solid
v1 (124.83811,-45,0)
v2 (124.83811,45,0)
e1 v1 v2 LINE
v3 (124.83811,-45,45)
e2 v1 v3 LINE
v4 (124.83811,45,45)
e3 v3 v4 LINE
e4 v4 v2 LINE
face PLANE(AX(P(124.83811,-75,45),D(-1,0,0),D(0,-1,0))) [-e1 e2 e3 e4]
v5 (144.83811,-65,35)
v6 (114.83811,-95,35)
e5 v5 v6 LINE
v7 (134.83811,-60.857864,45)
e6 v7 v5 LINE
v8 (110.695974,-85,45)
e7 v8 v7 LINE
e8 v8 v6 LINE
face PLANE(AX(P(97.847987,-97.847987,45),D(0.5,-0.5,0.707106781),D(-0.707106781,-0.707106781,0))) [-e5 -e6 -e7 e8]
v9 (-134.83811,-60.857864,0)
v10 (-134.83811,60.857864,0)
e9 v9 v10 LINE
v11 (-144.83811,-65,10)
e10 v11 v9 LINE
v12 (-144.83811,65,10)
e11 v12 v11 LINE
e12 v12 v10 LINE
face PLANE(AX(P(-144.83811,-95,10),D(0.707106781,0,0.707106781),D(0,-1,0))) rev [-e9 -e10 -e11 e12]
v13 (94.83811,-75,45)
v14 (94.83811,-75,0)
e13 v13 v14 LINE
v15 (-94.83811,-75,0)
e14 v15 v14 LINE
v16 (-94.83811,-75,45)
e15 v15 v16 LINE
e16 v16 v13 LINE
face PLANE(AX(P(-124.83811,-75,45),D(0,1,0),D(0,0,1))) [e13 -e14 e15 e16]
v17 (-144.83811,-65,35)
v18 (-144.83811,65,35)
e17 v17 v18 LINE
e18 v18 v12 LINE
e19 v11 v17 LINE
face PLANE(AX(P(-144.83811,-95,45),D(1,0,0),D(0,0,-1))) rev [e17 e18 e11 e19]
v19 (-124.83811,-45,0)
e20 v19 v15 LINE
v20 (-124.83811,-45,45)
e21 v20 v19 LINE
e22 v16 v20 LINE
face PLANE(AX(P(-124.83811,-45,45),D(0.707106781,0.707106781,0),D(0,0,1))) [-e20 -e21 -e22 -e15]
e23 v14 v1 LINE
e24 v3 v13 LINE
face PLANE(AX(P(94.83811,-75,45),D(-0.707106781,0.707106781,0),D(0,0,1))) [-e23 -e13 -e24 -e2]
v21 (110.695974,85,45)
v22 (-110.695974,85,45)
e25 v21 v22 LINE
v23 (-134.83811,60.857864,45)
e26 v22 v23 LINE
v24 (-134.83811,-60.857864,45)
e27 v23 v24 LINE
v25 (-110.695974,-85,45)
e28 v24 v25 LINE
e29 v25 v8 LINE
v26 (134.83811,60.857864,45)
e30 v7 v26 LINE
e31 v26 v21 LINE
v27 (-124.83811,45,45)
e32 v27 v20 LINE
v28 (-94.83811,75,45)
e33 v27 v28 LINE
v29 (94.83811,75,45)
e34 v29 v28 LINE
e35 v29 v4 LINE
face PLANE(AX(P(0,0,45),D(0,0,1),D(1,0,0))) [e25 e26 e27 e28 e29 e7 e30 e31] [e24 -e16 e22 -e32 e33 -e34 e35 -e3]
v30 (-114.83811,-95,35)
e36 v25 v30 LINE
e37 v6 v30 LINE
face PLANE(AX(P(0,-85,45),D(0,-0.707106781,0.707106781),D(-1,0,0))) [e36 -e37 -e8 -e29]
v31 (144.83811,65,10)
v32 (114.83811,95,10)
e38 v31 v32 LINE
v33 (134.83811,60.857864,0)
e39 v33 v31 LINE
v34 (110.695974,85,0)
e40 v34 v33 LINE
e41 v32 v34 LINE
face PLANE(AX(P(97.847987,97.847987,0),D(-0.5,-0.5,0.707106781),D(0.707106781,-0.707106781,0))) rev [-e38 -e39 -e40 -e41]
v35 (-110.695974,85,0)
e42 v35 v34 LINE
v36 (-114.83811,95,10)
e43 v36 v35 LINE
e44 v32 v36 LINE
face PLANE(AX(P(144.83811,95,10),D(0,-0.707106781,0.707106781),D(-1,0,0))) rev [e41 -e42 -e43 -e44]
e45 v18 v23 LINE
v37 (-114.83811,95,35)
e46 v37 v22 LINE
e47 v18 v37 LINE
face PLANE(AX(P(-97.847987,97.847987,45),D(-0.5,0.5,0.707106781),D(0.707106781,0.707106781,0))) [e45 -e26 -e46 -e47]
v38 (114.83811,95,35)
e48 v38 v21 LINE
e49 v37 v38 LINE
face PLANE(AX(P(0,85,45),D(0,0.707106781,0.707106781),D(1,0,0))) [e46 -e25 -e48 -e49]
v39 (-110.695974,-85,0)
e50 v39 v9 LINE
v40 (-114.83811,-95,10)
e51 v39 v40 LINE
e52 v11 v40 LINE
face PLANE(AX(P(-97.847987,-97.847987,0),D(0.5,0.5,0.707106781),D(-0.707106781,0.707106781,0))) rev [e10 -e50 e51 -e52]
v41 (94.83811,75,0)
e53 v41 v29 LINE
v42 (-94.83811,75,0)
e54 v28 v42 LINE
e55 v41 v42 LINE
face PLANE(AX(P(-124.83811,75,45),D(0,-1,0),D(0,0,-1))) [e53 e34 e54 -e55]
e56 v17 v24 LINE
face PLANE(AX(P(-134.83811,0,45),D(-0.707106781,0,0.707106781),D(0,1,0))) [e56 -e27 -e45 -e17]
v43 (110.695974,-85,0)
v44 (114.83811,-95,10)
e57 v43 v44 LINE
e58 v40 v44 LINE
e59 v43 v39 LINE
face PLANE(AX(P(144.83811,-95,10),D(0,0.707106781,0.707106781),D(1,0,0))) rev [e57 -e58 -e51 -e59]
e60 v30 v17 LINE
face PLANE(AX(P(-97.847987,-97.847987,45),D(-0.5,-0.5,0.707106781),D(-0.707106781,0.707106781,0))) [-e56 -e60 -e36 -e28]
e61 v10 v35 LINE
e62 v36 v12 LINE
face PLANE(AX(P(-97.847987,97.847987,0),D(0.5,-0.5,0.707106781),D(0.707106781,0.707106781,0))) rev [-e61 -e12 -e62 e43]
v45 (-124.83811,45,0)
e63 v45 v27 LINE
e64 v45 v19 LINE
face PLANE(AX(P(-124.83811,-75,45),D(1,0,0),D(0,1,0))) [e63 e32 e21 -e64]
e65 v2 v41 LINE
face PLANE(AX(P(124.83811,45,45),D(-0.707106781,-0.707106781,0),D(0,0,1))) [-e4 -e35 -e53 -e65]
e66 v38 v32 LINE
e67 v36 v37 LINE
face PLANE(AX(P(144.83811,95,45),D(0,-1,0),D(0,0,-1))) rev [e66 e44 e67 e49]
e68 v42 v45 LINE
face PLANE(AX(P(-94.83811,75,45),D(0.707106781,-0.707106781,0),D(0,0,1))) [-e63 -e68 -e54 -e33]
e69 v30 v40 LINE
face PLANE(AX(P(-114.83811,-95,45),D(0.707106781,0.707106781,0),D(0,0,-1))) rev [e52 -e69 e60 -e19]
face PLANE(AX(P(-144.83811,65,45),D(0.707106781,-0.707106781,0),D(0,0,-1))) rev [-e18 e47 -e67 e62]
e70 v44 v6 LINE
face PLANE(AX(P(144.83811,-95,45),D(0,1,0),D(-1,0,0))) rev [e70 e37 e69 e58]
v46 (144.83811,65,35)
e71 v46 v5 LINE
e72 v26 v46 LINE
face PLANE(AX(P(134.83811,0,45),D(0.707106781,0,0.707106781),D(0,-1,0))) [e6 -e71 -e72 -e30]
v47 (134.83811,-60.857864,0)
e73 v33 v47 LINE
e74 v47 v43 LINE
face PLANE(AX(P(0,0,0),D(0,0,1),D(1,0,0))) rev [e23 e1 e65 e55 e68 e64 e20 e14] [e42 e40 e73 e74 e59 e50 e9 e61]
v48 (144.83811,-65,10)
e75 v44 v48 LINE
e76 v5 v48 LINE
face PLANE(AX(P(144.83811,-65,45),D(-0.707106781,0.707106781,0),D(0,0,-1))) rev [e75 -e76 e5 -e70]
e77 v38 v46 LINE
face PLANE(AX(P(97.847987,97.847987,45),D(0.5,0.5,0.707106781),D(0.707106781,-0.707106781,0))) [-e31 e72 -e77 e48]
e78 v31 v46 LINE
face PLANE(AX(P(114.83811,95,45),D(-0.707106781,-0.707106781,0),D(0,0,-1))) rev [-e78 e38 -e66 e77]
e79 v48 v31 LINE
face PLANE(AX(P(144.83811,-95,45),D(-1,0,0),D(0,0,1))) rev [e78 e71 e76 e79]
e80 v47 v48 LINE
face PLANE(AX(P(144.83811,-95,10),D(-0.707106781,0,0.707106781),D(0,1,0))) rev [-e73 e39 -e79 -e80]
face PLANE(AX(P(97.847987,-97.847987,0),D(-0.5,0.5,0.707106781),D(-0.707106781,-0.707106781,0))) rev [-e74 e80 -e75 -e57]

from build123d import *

# Parameters (mm, degrees)
ESBO_O1_W                = 289.676219128
ESBO_O1_H                = 190
ESBO_O1_W_2              = 249.676219128
ESBO_O1_H_2              = 150
RESSALTO_EXTRUS_O1_DEPTH = 45
CHANFRO1_SIZE            = 30
CHANFRO2_SIZE            = 10


with BuildPart() as part:
    # Esboço1 → Ressalto-extrusão1 (new body)
    with BuildSketch(Plane.XY):
        Rectangle(ESBO_O1_W, ESBO_O1_H)
        Rectangle(ESBO_O1_W_2, ESBO_O1_H_2, mode=Mode.SUBTRACT)
    extrude(amount=RESSALTO_EXTRUS_O1_DEPTH)

    # Chanfro1
    chanfro1_edges = [part.edges().sort_by_distance(p)[0] for p in [
        (124.838109564, -75, 22.5),
        (124.838109564, 75, 22.5),
        (-124.838109564, 75, 22.5),
        (-124.838109564, -75, 22.5),
        (-144.838109564, 95, 22.5),
        (144.838109564, 95, 22.5),
        (144.838109564, -95, 22.5),
        (-144.838109564, -95, 22.5),
    ]]
    chamfer(chanfro1_edges, length=CHANFRO1_SIZE)

    # Chanfro2
    chanfro2_edges = [part.edges().sort_by_distance(p)[0] for p in [
        (144.838109564, 0, 0),
        (144.838109564, 0, 45),
        (-144.838109564, 0, 0),
        (0, 95, 0),
        (0, -95, 0),
        (-129.838109564, 80, 0),
        (-129.838109564, -80, 0),
        (129.838109564, 80, 0),
        (129.838109564, -80, 0),
        (0, -95, 45),
        (-144.838109564, 0, 45),
        (0, 95, 45),
        (-129.838109564, 80, 45),
        (-129.838109564, -80, 45),
        (129.838109564, 80, 45),
        (129.838109564, -80, 45),
    ]]
    chamfer(chanfro2_edges, length=CHANFRO2_SIZE)


solid = part.part
